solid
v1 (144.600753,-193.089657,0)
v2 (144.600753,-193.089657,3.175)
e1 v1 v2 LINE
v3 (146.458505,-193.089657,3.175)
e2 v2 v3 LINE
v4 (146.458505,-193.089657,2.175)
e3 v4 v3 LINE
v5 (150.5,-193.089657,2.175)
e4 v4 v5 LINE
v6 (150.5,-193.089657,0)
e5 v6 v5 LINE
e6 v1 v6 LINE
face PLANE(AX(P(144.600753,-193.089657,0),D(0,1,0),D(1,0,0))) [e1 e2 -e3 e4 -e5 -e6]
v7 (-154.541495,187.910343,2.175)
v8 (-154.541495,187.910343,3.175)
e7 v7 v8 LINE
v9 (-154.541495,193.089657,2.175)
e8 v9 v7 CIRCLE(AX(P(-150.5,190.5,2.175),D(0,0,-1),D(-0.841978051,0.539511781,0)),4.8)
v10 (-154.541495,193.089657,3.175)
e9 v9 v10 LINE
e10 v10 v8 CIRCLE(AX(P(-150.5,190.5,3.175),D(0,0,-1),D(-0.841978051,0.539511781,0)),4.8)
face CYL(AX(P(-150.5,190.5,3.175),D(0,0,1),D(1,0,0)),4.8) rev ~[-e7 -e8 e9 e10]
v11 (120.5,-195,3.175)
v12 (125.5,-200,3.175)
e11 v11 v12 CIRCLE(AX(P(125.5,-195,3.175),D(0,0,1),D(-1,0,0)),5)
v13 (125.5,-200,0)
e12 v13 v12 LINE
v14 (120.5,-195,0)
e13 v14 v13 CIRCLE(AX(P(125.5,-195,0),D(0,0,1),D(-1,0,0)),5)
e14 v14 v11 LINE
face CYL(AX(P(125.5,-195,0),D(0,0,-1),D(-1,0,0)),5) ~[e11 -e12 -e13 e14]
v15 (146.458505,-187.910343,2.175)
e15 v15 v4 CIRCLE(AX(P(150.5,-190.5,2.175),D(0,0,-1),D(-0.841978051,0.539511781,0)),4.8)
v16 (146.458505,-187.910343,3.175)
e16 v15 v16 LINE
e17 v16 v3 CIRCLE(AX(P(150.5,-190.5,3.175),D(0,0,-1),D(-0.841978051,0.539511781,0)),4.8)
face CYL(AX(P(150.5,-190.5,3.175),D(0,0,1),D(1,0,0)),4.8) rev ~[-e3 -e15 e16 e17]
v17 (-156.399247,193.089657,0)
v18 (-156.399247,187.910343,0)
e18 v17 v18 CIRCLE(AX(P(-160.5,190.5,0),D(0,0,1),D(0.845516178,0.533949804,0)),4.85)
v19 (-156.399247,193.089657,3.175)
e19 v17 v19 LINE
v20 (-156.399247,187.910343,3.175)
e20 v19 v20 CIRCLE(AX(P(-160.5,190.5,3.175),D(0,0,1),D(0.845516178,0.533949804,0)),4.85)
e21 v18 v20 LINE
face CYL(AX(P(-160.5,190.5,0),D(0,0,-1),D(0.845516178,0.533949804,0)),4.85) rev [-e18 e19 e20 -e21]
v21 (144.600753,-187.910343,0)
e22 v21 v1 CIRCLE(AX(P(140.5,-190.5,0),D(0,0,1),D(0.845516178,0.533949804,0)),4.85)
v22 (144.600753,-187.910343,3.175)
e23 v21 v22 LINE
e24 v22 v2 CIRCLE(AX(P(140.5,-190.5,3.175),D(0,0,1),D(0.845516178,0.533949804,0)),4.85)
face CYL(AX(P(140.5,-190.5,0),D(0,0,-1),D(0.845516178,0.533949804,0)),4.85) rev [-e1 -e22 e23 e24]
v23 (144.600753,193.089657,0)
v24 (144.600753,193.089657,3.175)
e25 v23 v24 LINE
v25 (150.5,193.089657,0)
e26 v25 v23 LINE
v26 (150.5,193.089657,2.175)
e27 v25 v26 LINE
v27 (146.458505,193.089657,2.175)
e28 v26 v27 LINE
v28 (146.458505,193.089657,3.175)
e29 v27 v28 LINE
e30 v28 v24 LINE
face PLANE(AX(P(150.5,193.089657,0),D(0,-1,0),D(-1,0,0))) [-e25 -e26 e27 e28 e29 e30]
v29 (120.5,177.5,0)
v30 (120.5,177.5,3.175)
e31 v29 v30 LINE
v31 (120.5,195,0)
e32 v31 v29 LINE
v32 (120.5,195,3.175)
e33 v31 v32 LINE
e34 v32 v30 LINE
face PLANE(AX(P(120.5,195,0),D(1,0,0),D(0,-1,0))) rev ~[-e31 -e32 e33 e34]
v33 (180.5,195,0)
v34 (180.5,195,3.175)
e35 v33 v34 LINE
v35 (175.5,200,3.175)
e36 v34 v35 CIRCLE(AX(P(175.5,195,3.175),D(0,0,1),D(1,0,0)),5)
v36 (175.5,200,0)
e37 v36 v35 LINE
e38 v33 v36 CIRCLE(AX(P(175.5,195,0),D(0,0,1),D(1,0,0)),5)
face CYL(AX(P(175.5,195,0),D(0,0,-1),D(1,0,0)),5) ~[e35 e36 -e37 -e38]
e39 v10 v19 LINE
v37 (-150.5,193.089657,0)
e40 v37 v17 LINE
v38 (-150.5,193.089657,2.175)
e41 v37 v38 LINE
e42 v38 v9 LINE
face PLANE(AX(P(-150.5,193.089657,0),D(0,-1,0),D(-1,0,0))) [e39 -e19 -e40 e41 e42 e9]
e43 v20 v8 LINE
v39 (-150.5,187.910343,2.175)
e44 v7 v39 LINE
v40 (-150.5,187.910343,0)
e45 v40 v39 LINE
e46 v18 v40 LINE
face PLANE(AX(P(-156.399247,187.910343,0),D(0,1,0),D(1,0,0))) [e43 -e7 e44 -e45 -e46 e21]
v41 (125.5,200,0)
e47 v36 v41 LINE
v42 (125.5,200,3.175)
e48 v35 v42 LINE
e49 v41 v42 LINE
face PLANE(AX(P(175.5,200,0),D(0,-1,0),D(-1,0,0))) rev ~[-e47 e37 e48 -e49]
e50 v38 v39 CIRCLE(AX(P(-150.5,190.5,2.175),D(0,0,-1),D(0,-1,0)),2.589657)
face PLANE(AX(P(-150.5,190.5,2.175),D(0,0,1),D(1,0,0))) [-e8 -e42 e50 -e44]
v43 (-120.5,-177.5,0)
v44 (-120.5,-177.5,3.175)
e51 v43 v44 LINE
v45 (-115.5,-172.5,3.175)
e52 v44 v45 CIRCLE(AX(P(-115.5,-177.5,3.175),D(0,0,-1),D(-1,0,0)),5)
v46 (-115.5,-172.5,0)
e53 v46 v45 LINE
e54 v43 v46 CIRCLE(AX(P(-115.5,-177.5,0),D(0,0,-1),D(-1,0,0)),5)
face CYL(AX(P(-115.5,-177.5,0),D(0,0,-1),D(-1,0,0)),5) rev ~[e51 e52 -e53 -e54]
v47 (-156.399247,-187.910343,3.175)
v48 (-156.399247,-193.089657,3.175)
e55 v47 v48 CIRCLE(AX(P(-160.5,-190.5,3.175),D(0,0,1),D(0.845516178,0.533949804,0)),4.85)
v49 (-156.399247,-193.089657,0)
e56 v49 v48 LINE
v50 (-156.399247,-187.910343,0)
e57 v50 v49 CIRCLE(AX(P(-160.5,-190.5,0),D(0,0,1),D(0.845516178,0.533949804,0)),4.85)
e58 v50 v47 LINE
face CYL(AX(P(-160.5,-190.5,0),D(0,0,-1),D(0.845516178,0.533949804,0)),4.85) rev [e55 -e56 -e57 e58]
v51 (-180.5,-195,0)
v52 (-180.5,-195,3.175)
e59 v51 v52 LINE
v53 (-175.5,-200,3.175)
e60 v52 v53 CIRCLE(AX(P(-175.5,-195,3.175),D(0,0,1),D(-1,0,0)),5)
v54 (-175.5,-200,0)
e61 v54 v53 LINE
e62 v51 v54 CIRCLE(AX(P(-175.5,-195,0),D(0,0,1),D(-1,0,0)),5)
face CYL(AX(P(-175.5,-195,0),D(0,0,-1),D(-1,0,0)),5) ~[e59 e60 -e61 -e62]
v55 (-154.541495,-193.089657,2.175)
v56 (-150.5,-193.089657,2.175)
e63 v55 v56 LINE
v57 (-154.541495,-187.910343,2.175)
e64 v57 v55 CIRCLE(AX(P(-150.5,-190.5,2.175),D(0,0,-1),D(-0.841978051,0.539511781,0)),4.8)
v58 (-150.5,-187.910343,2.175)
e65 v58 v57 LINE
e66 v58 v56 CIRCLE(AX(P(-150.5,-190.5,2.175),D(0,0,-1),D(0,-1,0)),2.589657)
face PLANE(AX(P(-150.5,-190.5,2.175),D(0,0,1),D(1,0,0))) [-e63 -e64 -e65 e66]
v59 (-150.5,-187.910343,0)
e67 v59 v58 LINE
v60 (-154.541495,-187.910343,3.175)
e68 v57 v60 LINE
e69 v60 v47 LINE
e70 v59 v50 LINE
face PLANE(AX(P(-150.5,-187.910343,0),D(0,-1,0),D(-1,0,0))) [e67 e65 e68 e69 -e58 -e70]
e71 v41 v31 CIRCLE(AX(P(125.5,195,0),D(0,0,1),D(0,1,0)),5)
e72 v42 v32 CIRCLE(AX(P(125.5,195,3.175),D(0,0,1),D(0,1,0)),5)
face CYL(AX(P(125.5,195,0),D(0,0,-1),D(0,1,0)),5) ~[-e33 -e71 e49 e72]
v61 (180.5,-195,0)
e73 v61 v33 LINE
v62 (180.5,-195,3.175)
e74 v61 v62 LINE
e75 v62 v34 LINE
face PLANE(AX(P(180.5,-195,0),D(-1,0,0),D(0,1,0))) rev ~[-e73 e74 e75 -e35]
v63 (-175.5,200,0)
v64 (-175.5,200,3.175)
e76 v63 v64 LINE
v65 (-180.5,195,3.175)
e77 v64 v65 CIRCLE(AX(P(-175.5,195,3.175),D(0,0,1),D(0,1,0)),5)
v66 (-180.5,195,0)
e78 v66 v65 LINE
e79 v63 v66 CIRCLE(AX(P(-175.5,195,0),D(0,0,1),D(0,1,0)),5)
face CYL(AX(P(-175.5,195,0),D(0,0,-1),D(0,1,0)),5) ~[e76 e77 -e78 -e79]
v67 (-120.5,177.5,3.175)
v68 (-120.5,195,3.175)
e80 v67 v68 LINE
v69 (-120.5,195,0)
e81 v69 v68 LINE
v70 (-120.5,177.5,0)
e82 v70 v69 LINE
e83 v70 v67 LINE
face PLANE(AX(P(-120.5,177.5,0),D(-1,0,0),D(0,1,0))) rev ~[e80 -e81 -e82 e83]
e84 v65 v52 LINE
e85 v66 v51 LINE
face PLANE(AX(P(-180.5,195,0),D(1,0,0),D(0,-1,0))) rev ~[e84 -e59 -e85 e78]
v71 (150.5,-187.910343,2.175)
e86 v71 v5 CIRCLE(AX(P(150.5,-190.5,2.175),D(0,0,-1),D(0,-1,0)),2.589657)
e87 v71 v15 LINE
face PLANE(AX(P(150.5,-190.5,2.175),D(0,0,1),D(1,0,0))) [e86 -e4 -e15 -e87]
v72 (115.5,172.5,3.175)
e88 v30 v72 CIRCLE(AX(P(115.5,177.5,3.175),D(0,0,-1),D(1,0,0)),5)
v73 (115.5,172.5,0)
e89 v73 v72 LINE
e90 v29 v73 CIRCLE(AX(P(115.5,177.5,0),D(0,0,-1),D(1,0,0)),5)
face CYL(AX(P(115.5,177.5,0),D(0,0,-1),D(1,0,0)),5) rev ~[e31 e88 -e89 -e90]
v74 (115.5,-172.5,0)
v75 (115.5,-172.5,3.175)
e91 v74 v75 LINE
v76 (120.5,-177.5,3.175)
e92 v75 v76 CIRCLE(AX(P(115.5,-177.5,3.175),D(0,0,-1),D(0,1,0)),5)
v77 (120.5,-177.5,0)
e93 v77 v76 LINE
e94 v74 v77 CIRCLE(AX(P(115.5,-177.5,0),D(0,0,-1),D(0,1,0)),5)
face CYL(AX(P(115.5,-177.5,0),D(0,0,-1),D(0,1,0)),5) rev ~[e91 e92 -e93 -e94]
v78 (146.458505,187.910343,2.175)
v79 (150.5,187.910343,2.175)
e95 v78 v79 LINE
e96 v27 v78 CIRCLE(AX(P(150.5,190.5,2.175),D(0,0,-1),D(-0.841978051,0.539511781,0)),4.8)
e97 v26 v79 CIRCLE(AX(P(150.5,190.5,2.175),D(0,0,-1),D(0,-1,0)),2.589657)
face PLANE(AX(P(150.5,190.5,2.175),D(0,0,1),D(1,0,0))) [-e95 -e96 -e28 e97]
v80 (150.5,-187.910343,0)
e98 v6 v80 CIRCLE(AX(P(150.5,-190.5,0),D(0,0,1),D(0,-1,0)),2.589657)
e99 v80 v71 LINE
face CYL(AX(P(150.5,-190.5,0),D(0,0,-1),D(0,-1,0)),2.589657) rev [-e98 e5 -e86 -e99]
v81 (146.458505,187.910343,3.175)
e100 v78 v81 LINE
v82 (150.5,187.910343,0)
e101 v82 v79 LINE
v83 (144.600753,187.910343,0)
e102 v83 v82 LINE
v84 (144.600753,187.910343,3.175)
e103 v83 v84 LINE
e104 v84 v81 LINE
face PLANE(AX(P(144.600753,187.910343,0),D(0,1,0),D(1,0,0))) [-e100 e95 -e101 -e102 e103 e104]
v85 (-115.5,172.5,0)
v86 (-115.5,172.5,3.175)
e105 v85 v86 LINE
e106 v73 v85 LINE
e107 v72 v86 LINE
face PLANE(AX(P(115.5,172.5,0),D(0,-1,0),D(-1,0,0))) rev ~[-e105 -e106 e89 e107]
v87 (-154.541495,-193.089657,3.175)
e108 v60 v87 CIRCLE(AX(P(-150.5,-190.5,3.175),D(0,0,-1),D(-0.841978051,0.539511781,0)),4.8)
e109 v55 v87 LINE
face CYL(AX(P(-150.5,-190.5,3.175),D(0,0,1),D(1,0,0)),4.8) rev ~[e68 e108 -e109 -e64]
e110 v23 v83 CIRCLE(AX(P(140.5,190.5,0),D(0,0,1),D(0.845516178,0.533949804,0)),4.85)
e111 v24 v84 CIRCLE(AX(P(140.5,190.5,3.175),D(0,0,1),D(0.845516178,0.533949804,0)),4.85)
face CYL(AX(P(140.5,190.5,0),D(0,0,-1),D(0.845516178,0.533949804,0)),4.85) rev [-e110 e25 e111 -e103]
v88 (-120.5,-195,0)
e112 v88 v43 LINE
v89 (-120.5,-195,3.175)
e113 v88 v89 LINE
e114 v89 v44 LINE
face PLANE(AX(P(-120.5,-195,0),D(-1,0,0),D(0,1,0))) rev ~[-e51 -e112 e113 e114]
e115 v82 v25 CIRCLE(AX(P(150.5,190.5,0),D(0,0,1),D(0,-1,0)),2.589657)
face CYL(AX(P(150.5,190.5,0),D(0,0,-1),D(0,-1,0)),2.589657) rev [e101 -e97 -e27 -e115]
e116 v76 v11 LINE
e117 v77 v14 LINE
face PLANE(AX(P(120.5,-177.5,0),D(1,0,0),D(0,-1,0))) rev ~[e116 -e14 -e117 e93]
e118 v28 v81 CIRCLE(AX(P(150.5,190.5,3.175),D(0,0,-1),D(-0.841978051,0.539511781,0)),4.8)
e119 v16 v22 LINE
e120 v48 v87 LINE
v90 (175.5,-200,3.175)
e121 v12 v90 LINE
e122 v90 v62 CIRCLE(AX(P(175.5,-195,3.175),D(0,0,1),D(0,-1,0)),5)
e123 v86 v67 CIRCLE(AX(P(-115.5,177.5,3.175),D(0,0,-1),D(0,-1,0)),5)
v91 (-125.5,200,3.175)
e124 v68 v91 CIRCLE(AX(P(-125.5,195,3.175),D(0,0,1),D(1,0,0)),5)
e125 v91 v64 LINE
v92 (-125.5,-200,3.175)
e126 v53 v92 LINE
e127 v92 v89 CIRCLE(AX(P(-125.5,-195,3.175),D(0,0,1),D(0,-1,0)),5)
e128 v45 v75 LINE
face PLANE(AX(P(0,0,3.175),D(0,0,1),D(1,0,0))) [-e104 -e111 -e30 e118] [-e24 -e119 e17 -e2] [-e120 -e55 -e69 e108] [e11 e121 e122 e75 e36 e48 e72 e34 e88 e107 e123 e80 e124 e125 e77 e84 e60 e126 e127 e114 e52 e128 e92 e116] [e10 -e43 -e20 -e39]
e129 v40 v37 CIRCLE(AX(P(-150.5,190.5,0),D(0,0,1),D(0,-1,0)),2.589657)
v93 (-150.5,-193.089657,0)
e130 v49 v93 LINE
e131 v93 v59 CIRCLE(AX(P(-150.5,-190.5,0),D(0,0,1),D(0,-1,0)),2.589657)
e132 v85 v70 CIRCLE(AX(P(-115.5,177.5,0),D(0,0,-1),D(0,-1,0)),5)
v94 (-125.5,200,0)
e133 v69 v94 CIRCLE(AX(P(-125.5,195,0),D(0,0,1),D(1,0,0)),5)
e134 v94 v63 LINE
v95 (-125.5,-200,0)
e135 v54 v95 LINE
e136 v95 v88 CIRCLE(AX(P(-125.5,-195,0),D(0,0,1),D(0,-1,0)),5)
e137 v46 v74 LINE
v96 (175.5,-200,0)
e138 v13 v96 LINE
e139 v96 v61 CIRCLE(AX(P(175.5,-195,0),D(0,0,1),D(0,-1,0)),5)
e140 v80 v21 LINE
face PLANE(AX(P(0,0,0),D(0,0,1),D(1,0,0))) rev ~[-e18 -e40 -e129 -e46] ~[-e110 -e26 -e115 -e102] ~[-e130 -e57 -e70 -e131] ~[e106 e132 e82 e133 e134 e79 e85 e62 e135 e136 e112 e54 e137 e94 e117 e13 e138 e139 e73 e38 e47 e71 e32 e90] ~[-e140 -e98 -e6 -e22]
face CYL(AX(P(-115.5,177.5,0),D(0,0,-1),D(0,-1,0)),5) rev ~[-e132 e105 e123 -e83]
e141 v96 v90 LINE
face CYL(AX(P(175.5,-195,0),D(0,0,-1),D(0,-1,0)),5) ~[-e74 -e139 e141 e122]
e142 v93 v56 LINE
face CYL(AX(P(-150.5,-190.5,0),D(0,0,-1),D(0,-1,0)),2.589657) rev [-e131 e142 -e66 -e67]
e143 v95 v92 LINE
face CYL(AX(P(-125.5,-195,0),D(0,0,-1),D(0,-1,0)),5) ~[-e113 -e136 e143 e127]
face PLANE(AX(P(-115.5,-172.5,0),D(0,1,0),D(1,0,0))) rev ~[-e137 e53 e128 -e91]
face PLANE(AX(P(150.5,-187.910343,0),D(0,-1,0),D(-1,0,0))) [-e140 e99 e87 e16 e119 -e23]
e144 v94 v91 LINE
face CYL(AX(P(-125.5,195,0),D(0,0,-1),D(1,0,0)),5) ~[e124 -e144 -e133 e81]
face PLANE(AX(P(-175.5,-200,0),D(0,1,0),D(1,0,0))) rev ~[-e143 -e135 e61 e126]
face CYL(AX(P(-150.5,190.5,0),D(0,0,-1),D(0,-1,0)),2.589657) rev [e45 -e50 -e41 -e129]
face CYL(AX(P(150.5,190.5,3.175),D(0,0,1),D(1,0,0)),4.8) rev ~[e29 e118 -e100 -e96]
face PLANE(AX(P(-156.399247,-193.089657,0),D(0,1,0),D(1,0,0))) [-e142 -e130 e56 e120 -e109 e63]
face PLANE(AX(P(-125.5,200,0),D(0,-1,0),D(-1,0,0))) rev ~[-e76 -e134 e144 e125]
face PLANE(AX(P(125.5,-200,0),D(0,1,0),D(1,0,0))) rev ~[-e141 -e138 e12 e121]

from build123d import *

# Parameters (mm, degrees)
BOSS_EXTRUDE1_DEPTH = 3.175
SKETCH2_R           = 4.8
CUT_EXTRUDE1_DEPTH  = 1


with BuildPart() as part:
    # Model → Boss-Extrude1 (new body)
    with BuildSketch(Plane.XY):
        with BuildLine():
            Line((175.500000042, 200), (125.500000042, 200))
            ThreePointArc((125.500000042, 200), (121.964466136, 198.535533906), (120.500000042, 195))
            Line((120.500000042, 195), (120.500000042, 177.5))
            ThreePointArc((120.500000042, 177.5), (119.035533948, 173.964466094), (115.500000042, 172.5))
            Line((115.500000042, 172.5), (-115.500000042, 172.5))
            ThreePointArc((-115.500000042, 172.5), (-119.035533948, 173.964466094), (-120.500000042, 177.5))
            Line((-120.500000042, 177.5), (-120.500000042, 195))
            ThreePointArc((-120.500000042, 195), (-121.964466136, 198.535533906), (-125.500000042, 200))
            Line((-125.500000042, 200), (-175.500000042, 200))
            ThreePointArc((-175.500000042, 200), (-179.035533948, 198.535533906), (-180.500000042, 195))
            Line((-180.500000042, 195), (-180.500000042, -195))
            ThreePointArc((-180.500000042, -195), (-179.035533948, -198.535533906), (-175.500000042, -200))
            Line((-175.500000042, -200), (-125.500000042, -200))
            ThreePointArc((-125.500000042, -200), (-121.964466136, -198.535533906), (-120.500000042, -195))
            Line((-120.500000042, -195), (-120.500000042, -177.5))
            ThreePointArc((-120.500000042, -177.5), (-119.035533948, -173.964466094), (-115.500000042, -172.5))
            Line((-115.500000042, -172.5), (115.500000042, -172.5))
            ThreePointArc((115.500000042, -172.5), (119.035533948, -173.964466094), (120.500000042, -177.5))
            Line((120.500000042, -177.5), (120.500000042, -195))
            ThreePointArc((120.500000042, -195), (121.964466136, -198.535533906), (125.500000042, -200))
            Line((125.500000042, -200), (175.500000042, -200))
            ThreePointArc((175.500000042, -200), (179.035533948, -198.535533906), (180.500000042, -195))
            Line((180.500000042, -195), (180.500000042, 195))
            ThreePointArc((180.500000042, 195), (179.035533948, 198.535533906), (175.500000042, 200))
        make_face()
        with BuildLine():
            Line((144.600753463, 187.910343452), (150.5, 187.910343452))
            ThreePointArc((150.5, 187.910343452), (153.089656548, 190.5), (150.5, 193.089656548))
            Line((150.5, 193.089656548), (144.600753463, 193.089656548))
            ThreePointArc((144.600753463, 193.089656548), (135.65, 190.5), (144.600753463, 187.910343452))
        make_face(mode=Mode.SUBTRACT)
        with BuildLine():
            Line((150.5, -187.910343452), (144.600753463, -187.910343452))
            ThreePointArc((144.600753463, -187.910343452), (135.65, -190.5), (144.600753463, -193.089656548))
            Line((144.600753463, -193.089656548), (150.5, -193.089656548))
            ThreePointArc((150.5, -193.089656548), (153.089656548, -190.5), (150.5, -187.910343452))
        make_face(mode=Mode.SUBTRACT)
        with BuildLine():
            Line((-150.5, -187.910343452), (-156.399246537, -187.910343452))
            ThreePointArc((-156.399246537, -187.910343452), (-165.35, -190.5), (-156.399246537, -193.089656548))
            Line((-156.399246537, -193.089656548), (-150.5, -193.089656548))
            ThreePointArc((-150.5, -193.089656548), (-147.910343452, -190.5), (-150.5, -187.910343452))
        make_face(mode=Mode.SUBTRACT)
        with BuildLine():
            Line((-150.5, 193.089656548), (-156.399246537, 193.089656548))
            ThreePointArc((-156.399246537, 193.089656548), (-165.35, 190.5), (-156.399246537, 187.910343452))
            Line((-156.399246537, 187.910343452), (-150.5, 187.910343452))
            ThreePointArc((-150.5, 187.910343452), (-147.910343452, 190.5), (-150.5, 193.089656548))
        make_face(mode=Mode.SUBTRACT)
    extrude(amount=BOSS_EXTRUDE1_DEPTH)

    # Sketch2 → Cut-Extrude1 (cut)
    with BuildSketch(Plane.XY.offset(3.175)):
        with Locations((-150.5, 190.5)):
            Circle(SKETCH2_R)
        with Locations((150.5, 190.5)):
            Circle(SKETCH2_R)
        with Locations((150.5, -190.5)):
            Circle(SKETCH2_R)
        with Locations((-150.5, -190.5)):
            Circle(SKETCH2_R)
    extrude(amount=-CUT_EXTRUDE1_DEPTH, mode=Mode.SUBTRACT)


solid = part.part
